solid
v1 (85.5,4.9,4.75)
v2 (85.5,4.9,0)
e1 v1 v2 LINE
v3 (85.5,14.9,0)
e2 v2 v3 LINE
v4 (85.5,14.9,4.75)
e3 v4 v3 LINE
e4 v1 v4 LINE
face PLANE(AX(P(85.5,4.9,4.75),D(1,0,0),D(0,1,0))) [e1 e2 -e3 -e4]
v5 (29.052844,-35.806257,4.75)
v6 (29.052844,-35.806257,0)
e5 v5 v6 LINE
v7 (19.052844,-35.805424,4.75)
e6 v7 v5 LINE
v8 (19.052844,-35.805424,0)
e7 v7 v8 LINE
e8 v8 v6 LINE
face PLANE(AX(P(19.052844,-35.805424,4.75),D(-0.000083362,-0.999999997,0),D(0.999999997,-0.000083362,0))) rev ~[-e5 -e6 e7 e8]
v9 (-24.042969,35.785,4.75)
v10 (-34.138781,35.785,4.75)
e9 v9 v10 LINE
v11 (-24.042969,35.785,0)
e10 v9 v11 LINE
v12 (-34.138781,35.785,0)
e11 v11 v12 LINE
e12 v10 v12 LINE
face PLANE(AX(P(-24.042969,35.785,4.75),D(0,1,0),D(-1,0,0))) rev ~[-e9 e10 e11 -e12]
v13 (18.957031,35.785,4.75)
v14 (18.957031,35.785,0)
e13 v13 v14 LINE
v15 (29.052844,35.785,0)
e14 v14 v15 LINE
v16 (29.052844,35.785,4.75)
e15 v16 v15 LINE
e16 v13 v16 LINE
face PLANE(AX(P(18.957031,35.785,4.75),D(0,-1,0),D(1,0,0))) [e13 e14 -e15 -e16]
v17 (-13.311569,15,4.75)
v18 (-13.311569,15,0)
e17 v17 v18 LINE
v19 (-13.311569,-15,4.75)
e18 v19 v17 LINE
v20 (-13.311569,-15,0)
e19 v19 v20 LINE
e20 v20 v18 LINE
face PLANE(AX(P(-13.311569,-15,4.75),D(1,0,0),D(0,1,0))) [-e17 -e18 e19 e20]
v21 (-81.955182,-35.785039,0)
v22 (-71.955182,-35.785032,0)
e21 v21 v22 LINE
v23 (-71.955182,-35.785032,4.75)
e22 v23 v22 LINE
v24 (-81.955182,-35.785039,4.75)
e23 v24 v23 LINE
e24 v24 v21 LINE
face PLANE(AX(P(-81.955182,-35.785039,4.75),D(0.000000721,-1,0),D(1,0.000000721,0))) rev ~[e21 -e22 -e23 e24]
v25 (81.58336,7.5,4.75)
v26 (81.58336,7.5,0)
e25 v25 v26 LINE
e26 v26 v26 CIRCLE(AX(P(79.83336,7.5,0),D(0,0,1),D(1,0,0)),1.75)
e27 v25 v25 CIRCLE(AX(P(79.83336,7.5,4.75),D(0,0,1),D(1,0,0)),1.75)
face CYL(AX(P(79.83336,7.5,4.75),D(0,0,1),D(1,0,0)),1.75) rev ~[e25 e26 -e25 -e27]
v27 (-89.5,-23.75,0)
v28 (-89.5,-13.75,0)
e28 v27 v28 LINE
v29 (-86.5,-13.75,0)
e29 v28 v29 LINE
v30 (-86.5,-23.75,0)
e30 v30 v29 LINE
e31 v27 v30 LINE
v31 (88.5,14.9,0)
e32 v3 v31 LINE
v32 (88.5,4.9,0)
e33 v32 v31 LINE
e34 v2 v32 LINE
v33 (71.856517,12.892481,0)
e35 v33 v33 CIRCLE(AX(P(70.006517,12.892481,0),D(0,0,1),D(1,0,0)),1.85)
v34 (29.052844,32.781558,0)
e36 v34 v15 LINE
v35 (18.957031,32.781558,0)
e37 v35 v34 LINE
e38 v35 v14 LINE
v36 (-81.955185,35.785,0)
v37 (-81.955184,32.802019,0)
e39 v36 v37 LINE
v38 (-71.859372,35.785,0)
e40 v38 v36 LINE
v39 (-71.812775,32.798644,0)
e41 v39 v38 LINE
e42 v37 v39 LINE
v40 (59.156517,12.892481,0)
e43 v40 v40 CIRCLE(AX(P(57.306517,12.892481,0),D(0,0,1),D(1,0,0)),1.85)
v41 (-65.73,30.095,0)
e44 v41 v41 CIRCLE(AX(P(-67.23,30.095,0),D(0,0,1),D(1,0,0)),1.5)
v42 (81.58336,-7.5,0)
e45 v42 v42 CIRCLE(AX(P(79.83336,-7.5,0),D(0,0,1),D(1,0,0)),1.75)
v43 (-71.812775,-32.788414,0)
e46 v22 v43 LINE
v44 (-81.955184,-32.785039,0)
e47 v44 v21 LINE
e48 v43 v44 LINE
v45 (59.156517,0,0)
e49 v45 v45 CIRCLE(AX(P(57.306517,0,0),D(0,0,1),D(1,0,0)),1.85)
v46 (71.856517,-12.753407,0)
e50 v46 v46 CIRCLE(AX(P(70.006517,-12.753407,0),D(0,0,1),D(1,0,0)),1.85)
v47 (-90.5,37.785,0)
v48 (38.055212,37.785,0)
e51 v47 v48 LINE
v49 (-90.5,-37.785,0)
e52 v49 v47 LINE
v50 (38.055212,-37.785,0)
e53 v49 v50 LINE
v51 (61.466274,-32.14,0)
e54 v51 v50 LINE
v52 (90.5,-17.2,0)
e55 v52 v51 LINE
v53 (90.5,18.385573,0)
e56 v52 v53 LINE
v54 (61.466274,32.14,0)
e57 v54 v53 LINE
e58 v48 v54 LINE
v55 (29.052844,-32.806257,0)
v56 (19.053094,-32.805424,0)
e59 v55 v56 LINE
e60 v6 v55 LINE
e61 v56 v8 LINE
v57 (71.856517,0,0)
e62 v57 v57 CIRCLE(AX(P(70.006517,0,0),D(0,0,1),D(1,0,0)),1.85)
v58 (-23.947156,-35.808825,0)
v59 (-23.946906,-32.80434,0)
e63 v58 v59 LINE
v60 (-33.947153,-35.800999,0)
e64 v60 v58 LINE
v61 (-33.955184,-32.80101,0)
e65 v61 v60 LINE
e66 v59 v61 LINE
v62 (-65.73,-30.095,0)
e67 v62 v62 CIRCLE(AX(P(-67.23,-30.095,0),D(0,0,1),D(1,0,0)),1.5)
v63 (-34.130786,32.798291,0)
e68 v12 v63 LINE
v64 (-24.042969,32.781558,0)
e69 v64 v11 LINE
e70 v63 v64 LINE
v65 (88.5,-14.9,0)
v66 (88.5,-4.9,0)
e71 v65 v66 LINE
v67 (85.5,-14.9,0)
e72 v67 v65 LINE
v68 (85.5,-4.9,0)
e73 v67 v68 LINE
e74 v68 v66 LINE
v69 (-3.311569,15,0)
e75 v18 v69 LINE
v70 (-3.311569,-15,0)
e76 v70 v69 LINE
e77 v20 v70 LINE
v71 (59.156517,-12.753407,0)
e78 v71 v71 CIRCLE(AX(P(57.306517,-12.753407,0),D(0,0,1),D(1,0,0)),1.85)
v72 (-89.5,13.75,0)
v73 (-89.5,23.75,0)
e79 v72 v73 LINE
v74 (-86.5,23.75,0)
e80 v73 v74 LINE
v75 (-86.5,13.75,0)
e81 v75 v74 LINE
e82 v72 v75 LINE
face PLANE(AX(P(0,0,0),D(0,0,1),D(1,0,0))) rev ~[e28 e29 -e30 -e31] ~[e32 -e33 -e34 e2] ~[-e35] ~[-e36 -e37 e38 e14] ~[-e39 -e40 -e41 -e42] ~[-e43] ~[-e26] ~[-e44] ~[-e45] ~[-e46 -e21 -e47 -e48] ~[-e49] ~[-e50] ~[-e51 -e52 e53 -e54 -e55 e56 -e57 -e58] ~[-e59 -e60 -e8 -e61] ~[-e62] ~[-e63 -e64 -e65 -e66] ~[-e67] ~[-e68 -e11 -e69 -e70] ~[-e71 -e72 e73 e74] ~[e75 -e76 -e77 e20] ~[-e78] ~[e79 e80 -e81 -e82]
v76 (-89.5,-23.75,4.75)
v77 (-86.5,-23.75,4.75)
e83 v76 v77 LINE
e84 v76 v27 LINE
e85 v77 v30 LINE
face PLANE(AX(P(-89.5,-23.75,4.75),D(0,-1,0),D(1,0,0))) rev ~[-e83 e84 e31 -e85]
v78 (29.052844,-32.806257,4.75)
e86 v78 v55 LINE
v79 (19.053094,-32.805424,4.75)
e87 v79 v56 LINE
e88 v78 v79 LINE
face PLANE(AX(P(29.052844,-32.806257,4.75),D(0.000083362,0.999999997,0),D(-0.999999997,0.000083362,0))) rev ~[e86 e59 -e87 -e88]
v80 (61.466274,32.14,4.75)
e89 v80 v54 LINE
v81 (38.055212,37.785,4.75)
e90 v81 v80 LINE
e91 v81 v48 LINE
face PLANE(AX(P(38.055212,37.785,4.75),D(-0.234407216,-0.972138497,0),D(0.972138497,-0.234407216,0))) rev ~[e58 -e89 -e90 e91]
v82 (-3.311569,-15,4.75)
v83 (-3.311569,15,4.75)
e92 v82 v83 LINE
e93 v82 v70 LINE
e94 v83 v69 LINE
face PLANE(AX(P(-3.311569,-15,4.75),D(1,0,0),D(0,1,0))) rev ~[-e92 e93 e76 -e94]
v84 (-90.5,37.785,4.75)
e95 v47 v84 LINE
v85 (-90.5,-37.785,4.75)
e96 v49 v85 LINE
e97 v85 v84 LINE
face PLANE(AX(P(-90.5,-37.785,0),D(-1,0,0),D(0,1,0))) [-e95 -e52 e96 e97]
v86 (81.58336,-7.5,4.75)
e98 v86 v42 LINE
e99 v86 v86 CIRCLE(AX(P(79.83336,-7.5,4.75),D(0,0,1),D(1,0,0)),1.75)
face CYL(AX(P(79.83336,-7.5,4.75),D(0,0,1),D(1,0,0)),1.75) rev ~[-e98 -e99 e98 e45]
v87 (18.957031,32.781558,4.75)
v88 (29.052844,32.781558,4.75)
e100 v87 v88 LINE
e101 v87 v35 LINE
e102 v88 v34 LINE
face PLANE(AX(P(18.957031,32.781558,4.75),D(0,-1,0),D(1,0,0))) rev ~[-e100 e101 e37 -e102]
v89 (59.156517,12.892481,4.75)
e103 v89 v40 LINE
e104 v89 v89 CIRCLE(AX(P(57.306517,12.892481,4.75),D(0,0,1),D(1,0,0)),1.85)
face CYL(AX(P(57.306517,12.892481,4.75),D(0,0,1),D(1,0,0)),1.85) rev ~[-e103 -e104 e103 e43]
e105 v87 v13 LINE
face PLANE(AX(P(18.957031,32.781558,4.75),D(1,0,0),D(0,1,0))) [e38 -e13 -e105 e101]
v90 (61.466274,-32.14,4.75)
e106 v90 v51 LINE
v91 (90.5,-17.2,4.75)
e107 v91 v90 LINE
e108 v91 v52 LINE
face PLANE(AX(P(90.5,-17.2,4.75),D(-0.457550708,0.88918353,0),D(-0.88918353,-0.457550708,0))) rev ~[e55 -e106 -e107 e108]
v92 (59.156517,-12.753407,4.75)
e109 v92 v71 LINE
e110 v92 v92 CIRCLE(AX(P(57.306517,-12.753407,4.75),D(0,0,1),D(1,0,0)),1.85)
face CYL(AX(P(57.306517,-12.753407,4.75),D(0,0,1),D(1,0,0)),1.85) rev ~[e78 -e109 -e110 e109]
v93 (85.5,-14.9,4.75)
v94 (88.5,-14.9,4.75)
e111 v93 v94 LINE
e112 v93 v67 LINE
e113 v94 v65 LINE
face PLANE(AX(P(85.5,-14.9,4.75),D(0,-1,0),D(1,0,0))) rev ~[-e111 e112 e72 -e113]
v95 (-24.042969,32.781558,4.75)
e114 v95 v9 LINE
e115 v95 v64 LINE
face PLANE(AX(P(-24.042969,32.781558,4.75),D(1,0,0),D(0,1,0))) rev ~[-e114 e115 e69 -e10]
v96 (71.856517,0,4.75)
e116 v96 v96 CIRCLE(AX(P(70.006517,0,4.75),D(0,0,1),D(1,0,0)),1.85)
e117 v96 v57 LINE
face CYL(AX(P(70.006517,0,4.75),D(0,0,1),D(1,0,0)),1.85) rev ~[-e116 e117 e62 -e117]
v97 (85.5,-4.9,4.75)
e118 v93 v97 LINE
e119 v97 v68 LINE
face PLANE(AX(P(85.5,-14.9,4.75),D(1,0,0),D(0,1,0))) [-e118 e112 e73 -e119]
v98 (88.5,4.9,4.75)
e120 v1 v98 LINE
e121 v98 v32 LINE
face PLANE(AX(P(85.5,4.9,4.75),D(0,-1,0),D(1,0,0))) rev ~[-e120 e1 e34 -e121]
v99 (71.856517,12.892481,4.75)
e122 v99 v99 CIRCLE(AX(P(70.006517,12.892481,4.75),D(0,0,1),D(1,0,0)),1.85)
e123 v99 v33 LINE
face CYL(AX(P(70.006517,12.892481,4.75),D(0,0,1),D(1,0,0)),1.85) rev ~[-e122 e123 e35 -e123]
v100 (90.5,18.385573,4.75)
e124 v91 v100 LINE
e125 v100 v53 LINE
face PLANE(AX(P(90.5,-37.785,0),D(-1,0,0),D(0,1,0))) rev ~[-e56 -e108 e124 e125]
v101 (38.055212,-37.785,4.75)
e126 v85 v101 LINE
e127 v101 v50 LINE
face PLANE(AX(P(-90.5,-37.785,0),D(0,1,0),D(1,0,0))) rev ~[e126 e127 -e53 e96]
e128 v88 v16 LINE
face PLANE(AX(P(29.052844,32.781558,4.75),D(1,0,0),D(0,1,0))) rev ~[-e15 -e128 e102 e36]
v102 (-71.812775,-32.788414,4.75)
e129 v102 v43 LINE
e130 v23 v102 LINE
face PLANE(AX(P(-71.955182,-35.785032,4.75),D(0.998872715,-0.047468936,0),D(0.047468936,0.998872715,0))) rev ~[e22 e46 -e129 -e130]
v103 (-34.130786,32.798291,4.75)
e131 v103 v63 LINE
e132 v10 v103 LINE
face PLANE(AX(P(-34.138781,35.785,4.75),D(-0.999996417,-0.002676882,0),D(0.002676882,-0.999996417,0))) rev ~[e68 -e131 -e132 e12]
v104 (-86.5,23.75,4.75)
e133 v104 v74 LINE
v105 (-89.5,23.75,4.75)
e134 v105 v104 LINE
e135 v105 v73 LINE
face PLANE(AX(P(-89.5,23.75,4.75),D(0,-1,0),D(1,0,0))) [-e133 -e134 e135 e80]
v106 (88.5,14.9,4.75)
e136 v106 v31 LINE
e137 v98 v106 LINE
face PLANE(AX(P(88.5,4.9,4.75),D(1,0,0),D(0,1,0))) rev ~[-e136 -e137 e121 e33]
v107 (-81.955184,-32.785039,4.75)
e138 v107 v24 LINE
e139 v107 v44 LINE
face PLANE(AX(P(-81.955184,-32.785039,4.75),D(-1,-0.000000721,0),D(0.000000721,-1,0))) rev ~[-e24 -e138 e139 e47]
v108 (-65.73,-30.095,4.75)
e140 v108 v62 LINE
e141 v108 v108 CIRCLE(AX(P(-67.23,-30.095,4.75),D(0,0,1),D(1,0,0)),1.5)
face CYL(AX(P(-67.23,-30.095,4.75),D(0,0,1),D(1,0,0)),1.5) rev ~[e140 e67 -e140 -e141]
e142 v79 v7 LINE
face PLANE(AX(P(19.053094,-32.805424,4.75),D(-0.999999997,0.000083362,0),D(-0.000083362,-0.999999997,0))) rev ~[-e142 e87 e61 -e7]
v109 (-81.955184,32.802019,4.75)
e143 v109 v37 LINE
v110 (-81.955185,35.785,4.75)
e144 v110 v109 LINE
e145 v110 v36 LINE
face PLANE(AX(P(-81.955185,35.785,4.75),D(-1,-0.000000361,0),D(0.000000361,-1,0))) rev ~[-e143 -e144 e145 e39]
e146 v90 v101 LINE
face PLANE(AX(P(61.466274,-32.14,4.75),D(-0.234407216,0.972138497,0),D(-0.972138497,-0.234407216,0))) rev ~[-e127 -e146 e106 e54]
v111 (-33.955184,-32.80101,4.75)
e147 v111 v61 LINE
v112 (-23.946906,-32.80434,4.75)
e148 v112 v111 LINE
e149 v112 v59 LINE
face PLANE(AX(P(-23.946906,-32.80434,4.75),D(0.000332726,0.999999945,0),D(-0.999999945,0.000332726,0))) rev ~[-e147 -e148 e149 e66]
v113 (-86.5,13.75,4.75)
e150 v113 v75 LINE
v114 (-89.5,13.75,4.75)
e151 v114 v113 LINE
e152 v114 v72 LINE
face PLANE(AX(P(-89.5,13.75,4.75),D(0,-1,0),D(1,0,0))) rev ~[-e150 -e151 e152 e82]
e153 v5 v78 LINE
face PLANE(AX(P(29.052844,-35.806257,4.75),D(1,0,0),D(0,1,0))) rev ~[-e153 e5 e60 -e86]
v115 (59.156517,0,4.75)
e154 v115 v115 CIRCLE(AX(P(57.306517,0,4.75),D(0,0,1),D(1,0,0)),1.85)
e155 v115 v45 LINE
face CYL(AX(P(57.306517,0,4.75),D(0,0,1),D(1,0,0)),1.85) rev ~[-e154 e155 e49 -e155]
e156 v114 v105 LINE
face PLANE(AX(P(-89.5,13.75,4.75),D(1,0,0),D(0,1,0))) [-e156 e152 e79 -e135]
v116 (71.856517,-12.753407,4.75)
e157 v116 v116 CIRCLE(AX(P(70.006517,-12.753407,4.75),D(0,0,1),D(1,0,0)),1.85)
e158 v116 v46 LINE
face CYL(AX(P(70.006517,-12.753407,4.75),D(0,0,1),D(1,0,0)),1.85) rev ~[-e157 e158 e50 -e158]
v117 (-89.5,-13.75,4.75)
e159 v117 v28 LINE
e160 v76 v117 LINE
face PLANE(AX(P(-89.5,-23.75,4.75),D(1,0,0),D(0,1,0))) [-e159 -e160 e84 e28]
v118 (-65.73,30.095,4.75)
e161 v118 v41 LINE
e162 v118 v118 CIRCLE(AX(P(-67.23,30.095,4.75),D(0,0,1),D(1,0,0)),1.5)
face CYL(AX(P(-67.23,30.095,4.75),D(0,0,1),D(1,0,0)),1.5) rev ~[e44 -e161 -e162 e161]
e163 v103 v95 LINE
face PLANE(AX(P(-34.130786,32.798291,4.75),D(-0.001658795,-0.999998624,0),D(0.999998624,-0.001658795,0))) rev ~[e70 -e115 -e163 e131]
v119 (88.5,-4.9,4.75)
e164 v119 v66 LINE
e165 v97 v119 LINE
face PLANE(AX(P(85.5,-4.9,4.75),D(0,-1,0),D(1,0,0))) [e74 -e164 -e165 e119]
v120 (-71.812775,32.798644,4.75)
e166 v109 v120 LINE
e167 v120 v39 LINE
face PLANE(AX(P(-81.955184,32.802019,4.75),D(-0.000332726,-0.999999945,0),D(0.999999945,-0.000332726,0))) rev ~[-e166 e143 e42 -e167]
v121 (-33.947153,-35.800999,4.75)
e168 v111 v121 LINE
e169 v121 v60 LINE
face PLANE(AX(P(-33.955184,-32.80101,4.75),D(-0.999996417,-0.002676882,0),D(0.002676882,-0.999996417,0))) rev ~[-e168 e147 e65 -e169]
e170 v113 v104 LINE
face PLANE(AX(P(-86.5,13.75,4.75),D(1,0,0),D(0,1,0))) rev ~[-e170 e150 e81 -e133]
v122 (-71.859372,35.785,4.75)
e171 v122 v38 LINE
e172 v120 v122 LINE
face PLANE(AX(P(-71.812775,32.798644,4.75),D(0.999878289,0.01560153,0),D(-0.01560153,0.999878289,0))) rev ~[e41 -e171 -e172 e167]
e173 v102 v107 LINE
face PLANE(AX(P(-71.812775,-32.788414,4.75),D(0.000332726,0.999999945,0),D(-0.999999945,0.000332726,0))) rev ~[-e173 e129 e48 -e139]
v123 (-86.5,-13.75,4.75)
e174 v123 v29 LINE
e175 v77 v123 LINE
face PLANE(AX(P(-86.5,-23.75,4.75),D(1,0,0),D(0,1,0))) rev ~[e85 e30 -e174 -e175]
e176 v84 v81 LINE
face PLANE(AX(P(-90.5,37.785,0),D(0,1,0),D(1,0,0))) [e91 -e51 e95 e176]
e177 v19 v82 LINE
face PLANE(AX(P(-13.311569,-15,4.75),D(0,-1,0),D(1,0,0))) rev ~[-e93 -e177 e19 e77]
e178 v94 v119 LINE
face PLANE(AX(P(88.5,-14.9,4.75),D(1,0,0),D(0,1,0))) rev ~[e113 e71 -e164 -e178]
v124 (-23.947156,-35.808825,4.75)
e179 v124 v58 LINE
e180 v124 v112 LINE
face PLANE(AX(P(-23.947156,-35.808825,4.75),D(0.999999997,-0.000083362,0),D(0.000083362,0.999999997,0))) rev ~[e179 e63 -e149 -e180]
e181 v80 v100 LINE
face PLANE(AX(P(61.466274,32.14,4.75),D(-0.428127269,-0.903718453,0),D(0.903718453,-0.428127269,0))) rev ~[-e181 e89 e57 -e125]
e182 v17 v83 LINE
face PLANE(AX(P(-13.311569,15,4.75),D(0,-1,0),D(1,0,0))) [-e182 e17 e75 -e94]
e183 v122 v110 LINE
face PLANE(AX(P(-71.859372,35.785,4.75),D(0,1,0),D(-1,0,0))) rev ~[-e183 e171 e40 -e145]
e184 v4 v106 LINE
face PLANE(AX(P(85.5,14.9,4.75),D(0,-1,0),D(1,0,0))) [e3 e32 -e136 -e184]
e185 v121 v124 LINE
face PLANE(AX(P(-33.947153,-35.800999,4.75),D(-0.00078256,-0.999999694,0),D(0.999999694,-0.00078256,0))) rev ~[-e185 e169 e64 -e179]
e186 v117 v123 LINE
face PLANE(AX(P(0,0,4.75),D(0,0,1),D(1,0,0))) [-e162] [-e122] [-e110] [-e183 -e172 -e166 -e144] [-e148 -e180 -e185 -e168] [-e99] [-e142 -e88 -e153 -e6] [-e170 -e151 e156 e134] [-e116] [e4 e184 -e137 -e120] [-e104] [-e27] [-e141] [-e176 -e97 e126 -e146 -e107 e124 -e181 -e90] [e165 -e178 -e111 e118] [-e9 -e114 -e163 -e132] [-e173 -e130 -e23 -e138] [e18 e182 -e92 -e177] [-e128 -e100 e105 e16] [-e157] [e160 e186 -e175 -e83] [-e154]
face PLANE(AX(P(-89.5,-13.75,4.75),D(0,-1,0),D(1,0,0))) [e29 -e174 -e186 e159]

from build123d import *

# Parameters (mm, degrees)
SKETCH1_W           = 181
SKETCH1_H           = 75.57
BOSS_EXTRUDE2_DEPTH = 4.75
SKETCH6_W           = 3
SKETCH6_H           = 10
SKETCH6_W_2         = 10.095812656
SKETCH6_H_2         = 3.003442242
SKETCH6_W_3         = 10
SKETCH6_H_3         = 30
SKETCH6_R           = 1.5
SKETCH6_R_2         = 1.85
SKETCH6_R_3         = 1.75
CUT_EXTRUDE7_DEPTH  = 9


with BuildPart() as part:
    # Sketch1 → Boss-Extrude2 (new body)
    with BuildSketch(Plane.XY):
        Rectangle(SKETCH1_W, SKETCH1_H)
    extrude(amount=BOSS_EXTRUDE2_DEPTH)

    # Sketch6 → Cut-Extrude7 (cut)
    with BuildSketch(Plane.XY.offset(4.75)):
        Polygon((-81.955185068, 35.785), (-81.955183992, 32.802018857), (-71.81277502, 32.798644215), (-71.859372412, 35.785), align=None)
        with Locations((-88, 18.75)):
            Rectangle(SKETCH6_W, SKETCH6_H)
        with Locations((-88, -18.75)):
            Rectangle(SKETCH6_W, SKETCH6_H)
        Polygon((-34.13878131, 35.785), (-34.130786214, 32.798291399), (-24.042968654, 32.781557758), (-24.042968654, 35.785), align=None)
        Polygon((-71.81277502, -32.788413815), (-81.955183992, -32.785039173), (-81.955181828, -35.785039173), (-71.955181828, -35.785031959), align=None)
        Polygon((-33.95518398, -32.801010013), (-33.947153334, -35.800999264), (-23.947156396, -35.808824865), (-23.946905936, -32.804340026), align=None)
        with Locations((87, 9.9)):
            Rectangle(SKETCH6_W, SKETCH6_H)
        with Locations((24.004937674, 34.283278879)):
            Rectangle(SKETCH6_W_2, SKETCH6_H_2)
        Polygon((29.052844002, -32.806257253), (19.053094123, -32.805423656), (19.052844037, -35.805423646), (29.052844002, -35.806257264), align=None)
        with Locations((-8.31156853, 0)):
            Rectangle(SKETCH6_W_3, SKETCH6_H_3)
        with Locations((87, -9.9)):
            Rectangle(SKETCH6_W, SKETCH6_H)
        Polygon((61.466273892, -32.14), (38.055212144, -37.785), (90.5, -37.785), (90.5, -17.2), align=None)
        Polygon((61.46627389, 32.14), (90.5, 18.385572572), (90.5, 37.785), (38.055212144, 37.785), align=None)
        with Locations((-67.23, 30.095)):
            Circle(SKETCH6_R)
        with Locations((-67.23, -30.095)):
            Circle(SKETCH6_R)
        with Locations((70.00651733, -12.753407437)):
            Circle(SKETCH6_R_2)
        with Locations((70.00651733, 12.892480558)):
            Circle(SKETCH6_R_2)
        with Locations((70.00651733, 0)):
            Circle(SKETCH6_R_2)
        with Locations((57.30651733, 12.892480558)):
            Circle(SKETCH6_R_2)
        with Locations((57.30651733, 0)):
            Circle(SKETCH6_R_2)
        with Locations((57.30651733, -12.753407437)):
            Circle(SKETCH6_R_2)
        with Locations((79.833359723, -7.5)):
            Circle(SKETCH6_R_3)
        with Locations((79.833359723, 7.5)):
            Circle(SKETCH6_R_3)
    extrude(amount=-CUT_EXTRUDE7_DEPTH, mode=Mode.SUBTRACT)


solid = part.part
